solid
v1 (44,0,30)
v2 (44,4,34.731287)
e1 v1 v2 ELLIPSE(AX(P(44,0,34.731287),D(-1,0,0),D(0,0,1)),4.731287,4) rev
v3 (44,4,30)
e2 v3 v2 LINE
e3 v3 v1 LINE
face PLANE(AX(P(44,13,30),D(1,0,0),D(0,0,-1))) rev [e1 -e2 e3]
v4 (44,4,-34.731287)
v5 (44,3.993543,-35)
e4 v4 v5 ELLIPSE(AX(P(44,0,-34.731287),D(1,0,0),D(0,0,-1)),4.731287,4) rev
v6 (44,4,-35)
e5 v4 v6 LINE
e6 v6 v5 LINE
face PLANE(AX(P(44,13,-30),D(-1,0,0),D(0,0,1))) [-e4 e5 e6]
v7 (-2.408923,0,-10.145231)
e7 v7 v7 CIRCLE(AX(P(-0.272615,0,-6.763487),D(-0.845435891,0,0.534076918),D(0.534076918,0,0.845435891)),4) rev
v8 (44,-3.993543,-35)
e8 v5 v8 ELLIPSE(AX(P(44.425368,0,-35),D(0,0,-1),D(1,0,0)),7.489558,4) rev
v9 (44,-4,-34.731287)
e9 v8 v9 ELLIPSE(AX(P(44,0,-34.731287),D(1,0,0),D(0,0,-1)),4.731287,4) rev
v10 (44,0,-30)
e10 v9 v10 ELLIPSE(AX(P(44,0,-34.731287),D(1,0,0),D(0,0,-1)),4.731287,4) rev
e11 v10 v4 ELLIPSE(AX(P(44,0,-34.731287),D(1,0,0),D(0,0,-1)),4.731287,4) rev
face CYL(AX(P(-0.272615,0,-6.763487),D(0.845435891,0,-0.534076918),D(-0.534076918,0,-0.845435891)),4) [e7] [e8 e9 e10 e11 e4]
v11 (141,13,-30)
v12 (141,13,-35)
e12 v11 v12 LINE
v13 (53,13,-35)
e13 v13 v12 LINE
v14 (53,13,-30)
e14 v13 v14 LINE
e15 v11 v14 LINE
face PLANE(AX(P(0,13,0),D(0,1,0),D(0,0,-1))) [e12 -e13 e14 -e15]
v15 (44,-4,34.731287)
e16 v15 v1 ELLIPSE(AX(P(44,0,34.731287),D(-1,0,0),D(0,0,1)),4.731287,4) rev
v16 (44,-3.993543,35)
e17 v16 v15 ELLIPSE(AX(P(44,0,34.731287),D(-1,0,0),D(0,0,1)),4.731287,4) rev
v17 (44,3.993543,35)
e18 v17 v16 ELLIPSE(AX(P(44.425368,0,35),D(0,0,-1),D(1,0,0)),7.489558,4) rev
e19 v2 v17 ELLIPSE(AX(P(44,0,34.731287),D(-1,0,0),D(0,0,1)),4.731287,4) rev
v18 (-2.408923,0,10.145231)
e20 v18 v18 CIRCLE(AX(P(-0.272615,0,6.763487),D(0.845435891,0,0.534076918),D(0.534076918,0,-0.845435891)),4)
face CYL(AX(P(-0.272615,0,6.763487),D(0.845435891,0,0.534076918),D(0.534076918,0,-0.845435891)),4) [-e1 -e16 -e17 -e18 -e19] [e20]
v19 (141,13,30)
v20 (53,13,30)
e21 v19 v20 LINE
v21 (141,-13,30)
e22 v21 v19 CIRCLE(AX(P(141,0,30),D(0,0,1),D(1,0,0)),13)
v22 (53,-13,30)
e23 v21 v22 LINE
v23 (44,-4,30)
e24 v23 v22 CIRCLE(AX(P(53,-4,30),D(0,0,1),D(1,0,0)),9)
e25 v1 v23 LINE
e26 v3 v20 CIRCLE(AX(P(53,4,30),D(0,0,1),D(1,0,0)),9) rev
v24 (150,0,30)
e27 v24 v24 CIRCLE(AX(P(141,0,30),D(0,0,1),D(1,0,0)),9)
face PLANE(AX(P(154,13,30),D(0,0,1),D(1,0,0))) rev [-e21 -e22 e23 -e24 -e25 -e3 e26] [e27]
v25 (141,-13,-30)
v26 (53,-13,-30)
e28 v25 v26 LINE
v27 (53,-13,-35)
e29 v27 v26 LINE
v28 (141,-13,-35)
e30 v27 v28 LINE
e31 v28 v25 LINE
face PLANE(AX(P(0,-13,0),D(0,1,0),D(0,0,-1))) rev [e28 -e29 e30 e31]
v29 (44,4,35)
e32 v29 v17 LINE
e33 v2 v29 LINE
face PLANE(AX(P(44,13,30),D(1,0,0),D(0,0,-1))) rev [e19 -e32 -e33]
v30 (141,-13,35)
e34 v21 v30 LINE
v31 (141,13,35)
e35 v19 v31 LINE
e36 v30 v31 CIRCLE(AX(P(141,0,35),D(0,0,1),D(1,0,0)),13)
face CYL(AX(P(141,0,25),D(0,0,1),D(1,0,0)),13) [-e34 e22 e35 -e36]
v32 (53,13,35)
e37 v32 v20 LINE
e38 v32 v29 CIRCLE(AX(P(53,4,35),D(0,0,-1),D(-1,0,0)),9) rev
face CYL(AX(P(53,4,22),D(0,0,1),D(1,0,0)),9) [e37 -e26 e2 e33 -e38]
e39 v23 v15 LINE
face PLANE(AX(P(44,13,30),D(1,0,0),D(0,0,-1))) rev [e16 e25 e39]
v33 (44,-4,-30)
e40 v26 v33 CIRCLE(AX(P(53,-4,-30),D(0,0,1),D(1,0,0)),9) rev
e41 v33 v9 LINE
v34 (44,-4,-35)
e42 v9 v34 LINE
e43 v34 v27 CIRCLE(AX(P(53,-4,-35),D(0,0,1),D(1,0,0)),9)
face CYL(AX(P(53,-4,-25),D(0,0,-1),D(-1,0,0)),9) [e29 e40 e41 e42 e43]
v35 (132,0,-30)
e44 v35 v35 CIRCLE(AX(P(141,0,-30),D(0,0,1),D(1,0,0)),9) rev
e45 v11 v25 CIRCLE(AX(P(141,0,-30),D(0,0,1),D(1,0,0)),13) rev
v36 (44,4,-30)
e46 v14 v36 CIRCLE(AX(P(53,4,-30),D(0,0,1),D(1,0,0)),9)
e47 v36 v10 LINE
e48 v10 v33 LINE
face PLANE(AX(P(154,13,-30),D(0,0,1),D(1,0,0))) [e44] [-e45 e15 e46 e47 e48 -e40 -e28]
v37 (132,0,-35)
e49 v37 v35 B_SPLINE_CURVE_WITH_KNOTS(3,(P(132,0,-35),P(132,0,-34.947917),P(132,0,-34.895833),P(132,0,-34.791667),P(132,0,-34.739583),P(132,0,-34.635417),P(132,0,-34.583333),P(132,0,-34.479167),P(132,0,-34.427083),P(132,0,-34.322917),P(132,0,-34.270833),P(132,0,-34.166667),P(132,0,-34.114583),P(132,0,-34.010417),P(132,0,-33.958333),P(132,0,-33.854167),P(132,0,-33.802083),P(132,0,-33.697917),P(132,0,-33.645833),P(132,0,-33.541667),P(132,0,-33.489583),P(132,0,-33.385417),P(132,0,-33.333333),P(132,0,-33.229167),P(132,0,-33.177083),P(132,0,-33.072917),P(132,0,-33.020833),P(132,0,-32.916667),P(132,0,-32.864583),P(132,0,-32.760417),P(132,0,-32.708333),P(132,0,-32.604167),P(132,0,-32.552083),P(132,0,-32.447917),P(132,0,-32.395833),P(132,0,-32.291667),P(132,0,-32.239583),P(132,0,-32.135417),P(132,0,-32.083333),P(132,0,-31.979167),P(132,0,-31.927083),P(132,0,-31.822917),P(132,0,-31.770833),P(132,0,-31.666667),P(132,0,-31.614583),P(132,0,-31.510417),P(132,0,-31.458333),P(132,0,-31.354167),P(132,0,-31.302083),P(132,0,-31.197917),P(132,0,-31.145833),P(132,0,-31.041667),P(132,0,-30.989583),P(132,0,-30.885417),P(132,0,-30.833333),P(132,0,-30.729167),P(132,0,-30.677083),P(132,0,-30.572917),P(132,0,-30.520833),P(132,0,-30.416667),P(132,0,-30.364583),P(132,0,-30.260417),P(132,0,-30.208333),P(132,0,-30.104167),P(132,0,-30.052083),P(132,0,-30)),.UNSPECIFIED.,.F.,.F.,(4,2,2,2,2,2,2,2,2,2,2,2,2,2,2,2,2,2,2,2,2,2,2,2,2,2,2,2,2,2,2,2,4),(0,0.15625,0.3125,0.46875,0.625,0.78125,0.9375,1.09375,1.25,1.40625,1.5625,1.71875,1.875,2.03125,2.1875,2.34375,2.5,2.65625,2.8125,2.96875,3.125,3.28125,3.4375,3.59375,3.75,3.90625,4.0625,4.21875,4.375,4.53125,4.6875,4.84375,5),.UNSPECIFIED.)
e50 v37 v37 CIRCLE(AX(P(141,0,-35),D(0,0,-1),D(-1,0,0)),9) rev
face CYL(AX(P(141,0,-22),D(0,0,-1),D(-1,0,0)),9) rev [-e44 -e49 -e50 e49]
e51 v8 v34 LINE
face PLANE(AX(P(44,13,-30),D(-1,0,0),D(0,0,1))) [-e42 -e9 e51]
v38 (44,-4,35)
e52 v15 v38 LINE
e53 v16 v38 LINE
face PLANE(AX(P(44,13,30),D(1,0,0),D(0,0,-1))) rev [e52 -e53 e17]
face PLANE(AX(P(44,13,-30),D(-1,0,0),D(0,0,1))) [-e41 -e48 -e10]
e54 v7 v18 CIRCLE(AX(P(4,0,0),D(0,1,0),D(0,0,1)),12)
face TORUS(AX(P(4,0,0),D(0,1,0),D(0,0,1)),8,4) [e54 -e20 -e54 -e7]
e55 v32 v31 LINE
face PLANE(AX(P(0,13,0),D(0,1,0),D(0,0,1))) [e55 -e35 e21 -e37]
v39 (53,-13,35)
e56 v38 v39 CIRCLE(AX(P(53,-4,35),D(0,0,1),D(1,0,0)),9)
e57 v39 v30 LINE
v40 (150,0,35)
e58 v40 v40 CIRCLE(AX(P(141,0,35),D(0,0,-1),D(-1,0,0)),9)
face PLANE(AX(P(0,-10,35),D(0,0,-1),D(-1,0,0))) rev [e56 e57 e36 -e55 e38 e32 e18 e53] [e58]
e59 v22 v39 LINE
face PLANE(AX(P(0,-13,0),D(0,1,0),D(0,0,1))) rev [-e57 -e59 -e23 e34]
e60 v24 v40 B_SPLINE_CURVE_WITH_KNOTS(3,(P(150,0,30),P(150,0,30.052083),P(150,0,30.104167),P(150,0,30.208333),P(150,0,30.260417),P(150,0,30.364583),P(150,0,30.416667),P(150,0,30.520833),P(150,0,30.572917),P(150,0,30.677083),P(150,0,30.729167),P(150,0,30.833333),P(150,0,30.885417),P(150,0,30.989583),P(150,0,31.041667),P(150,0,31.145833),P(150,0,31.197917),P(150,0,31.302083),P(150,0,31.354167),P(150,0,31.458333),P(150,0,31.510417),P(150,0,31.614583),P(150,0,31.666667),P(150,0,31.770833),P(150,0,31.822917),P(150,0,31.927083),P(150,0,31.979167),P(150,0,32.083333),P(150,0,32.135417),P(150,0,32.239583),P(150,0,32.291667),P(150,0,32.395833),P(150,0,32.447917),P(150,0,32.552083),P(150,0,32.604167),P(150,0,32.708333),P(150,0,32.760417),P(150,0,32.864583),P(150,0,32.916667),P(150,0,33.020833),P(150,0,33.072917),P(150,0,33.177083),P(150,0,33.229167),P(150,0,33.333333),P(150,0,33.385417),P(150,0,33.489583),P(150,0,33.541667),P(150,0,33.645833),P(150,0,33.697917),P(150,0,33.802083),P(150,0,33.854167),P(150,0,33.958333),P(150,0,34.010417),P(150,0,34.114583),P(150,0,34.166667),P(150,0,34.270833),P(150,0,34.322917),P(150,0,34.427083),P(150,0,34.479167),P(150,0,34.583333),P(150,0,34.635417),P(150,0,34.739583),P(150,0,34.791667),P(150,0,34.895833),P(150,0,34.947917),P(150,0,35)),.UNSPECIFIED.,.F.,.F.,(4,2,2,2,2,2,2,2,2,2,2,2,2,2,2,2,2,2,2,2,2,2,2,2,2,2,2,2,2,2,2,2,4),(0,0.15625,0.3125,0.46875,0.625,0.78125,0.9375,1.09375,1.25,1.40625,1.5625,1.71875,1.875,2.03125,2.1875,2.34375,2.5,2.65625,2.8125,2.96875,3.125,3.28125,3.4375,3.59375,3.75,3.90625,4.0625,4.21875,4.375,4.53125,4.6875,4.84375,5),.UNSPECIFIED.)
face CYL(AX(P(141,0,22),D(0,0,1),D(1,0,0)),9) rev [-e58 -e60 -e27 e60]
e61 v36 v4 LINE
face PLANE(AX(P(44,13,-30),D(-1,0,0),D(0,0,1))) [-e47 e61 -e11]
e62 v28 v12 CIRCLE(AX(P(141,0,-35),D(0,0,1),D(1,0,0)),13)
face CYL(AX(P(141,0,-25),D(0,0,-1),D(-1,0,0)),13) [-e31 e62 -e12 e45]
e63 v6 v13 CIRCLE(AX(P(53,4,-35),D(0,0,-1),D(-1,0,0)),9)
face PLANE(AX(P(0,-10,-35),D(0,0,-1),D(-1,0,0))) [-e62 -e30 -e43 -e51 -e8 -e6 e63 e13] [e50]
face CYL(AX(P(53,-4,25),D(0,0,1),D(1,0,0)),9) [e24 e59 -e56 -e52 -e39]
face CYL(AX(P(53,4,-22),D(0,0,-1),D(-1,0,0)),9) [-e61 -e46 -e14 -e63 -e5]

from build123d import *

# Parameters (mm, degrees)
SKETCH2_R           = 4
CUT_EXTRUDE1_DEPTH  = 10
SKETCH5_W           = 110
SKETCH5_H           = 5
BOSS_EXTRUDE1_DEPTH = 13
SKETCH6_R           = 9
CUT_EXTRUDE2_DEPTH  = 13
CUT_EXTRUDE3_DEPTH  = 10


with BuildPart() as part:
    # Sweep1: sweep along a path in Sketch1
    with BuildLine(Plane(origin=(0, 0, 0), x_dir=(1, 0, 0), z_dir=(0, 1, 0))) as sweep1_path:
        Line((52.389202821, -40.03089611), (-0.272615345, -6.763487127))
        ThreePointArc((-0.272615345, -6.763487127), (-3.006458548, -3.861287171), (-4, 0))
    # Sketch2 → Sweep1 (sweep)
    with BuildSketch(Plane.XY):
        with Locations((-4, 0)):
            Circle(SKETCH2_R)
    sweep1 = sweep(path=sweep1_path.line)

    # Sketch4 → Cut-Extrude1 (cut, symmetric)
    with BuildSketch(Plane(origin=(0, 0, 0), x_dir=(1, 0, 0), z_dir=(0, 1, 0))):
        Polygon((44, -35), (34.597308022, -35), (44, -46.531698577), (57.177061071, -46.531698577), (57.177061071, -30), (44, -30), align=None)
    cut_extrude1 = extrude(amount=CUT_EXTRUDE1_DEPTH, both=True, mode=Mode.SUBTRACT)

    # Sketch5 → Boss-Extrude1 (add, symmetric)
    with BuildSketch(Plane(origin=(0, 0, 0), x_dir=(1, 0, 0), z_dir=(0, 1, 0))):
        with Locations((99, -32.5)):
            Rectangle(SKETCH5_W, SKETCH5_H)
    boss_extrude1 = extrude(amount=BOSS_EXTRUDE1_DEPTH, both=True)

    # Sketch6 → Cut-Extrude2 (cut, symmetric)
    with BuildSketch(Plane.XY.offset(35)):
        with Locations((141, 0)):
            Circle(SKETCH6_R)
        with BuildLine():
            Line((53, 13), (52.778372403, 14.264161609))
            Line((52.778372403, 14.264161609), (42.606717514, 14.264161609))
            Line((42.606717514, 14.264161609), (42.848324519, 6.72602307))
            Line((42.848324519, 6.72602307), (44, 4))
            ThreePointArc((44, 4), (46.636038969, 10.363961031), (53, 13))
        make_face()
    cut_extrude2 = extrude(amount=CUT_EXTRUDE2_DEPTH, both=True, mode=Mode.SUBTRACT)

    # Sketch7 → Cut-Extrude3 (cut)
    with BuildSketch(Plane.XY.offset(35)):
        with BuildLine():
            Line((44, -13), (53, -13))
            ThreePointArc((53, -13), (46.636038969, -10.363961031), (44, -4))
            Line((44, -4), (44, -13))
        make_face()
        with BuildLine():
            ThreePointArc((154, 1.44e-07), (150.192388206, -9.192388104), (141, -13))
            Line((141, -13), (154, -13))
            Line((154, -13), (154, 1.44e-07))
        make_face()
        with BuildLine():
            ThreePointArc((141, 13), (150.192388104, 9.192388206), (154, 1.44e-07))
            Line((154, 1.44e-07), (154, 13))
            Line((154, 13), (141, 13))
        make_face()
    cut_extrude3 = extrude(amount=-CUT_EXTRUDE3_DEPTH, mode=Mode.SUBTRACT)

    # Mirror1: Sweep1, Cut-Extrude1, Boss-Extrude1, Cut-Extrude2, Cut-Extrude3 across plane
    add(sweep1.mirror(Plane(origin=(-4, 0, 0), x_dir=(1, 0, 0), z_dir=(0, 0, 1))))
    add(cut_extrude1.mirror(Plane(origin=(-4, 0, 0), x_dir=(1, 0, 0), z_dir=(0, 0, 1))), mode=Mode.SUBTRACT)
    add(boss_extrude1.mirror(Plane(origin=(-4, 0, 0), x_dir=(1, 0, 0), z_dir=(0, 0, 1))))
    add(cut_extrude2.mirror(Plane(origin=(-4, 0, 0), x_dir=(1, 0, 0), z_dir=(0, 0, 1))), mode=Mode.SUBTRACT)
    add(cut_extrude3.mirror(Plane(origin=(-4, 0, 0), x_dir=(1, 0, 0), z_dir=(0, 0, 1))), mode=Mode.SUBTRACT)


solid = part.part
